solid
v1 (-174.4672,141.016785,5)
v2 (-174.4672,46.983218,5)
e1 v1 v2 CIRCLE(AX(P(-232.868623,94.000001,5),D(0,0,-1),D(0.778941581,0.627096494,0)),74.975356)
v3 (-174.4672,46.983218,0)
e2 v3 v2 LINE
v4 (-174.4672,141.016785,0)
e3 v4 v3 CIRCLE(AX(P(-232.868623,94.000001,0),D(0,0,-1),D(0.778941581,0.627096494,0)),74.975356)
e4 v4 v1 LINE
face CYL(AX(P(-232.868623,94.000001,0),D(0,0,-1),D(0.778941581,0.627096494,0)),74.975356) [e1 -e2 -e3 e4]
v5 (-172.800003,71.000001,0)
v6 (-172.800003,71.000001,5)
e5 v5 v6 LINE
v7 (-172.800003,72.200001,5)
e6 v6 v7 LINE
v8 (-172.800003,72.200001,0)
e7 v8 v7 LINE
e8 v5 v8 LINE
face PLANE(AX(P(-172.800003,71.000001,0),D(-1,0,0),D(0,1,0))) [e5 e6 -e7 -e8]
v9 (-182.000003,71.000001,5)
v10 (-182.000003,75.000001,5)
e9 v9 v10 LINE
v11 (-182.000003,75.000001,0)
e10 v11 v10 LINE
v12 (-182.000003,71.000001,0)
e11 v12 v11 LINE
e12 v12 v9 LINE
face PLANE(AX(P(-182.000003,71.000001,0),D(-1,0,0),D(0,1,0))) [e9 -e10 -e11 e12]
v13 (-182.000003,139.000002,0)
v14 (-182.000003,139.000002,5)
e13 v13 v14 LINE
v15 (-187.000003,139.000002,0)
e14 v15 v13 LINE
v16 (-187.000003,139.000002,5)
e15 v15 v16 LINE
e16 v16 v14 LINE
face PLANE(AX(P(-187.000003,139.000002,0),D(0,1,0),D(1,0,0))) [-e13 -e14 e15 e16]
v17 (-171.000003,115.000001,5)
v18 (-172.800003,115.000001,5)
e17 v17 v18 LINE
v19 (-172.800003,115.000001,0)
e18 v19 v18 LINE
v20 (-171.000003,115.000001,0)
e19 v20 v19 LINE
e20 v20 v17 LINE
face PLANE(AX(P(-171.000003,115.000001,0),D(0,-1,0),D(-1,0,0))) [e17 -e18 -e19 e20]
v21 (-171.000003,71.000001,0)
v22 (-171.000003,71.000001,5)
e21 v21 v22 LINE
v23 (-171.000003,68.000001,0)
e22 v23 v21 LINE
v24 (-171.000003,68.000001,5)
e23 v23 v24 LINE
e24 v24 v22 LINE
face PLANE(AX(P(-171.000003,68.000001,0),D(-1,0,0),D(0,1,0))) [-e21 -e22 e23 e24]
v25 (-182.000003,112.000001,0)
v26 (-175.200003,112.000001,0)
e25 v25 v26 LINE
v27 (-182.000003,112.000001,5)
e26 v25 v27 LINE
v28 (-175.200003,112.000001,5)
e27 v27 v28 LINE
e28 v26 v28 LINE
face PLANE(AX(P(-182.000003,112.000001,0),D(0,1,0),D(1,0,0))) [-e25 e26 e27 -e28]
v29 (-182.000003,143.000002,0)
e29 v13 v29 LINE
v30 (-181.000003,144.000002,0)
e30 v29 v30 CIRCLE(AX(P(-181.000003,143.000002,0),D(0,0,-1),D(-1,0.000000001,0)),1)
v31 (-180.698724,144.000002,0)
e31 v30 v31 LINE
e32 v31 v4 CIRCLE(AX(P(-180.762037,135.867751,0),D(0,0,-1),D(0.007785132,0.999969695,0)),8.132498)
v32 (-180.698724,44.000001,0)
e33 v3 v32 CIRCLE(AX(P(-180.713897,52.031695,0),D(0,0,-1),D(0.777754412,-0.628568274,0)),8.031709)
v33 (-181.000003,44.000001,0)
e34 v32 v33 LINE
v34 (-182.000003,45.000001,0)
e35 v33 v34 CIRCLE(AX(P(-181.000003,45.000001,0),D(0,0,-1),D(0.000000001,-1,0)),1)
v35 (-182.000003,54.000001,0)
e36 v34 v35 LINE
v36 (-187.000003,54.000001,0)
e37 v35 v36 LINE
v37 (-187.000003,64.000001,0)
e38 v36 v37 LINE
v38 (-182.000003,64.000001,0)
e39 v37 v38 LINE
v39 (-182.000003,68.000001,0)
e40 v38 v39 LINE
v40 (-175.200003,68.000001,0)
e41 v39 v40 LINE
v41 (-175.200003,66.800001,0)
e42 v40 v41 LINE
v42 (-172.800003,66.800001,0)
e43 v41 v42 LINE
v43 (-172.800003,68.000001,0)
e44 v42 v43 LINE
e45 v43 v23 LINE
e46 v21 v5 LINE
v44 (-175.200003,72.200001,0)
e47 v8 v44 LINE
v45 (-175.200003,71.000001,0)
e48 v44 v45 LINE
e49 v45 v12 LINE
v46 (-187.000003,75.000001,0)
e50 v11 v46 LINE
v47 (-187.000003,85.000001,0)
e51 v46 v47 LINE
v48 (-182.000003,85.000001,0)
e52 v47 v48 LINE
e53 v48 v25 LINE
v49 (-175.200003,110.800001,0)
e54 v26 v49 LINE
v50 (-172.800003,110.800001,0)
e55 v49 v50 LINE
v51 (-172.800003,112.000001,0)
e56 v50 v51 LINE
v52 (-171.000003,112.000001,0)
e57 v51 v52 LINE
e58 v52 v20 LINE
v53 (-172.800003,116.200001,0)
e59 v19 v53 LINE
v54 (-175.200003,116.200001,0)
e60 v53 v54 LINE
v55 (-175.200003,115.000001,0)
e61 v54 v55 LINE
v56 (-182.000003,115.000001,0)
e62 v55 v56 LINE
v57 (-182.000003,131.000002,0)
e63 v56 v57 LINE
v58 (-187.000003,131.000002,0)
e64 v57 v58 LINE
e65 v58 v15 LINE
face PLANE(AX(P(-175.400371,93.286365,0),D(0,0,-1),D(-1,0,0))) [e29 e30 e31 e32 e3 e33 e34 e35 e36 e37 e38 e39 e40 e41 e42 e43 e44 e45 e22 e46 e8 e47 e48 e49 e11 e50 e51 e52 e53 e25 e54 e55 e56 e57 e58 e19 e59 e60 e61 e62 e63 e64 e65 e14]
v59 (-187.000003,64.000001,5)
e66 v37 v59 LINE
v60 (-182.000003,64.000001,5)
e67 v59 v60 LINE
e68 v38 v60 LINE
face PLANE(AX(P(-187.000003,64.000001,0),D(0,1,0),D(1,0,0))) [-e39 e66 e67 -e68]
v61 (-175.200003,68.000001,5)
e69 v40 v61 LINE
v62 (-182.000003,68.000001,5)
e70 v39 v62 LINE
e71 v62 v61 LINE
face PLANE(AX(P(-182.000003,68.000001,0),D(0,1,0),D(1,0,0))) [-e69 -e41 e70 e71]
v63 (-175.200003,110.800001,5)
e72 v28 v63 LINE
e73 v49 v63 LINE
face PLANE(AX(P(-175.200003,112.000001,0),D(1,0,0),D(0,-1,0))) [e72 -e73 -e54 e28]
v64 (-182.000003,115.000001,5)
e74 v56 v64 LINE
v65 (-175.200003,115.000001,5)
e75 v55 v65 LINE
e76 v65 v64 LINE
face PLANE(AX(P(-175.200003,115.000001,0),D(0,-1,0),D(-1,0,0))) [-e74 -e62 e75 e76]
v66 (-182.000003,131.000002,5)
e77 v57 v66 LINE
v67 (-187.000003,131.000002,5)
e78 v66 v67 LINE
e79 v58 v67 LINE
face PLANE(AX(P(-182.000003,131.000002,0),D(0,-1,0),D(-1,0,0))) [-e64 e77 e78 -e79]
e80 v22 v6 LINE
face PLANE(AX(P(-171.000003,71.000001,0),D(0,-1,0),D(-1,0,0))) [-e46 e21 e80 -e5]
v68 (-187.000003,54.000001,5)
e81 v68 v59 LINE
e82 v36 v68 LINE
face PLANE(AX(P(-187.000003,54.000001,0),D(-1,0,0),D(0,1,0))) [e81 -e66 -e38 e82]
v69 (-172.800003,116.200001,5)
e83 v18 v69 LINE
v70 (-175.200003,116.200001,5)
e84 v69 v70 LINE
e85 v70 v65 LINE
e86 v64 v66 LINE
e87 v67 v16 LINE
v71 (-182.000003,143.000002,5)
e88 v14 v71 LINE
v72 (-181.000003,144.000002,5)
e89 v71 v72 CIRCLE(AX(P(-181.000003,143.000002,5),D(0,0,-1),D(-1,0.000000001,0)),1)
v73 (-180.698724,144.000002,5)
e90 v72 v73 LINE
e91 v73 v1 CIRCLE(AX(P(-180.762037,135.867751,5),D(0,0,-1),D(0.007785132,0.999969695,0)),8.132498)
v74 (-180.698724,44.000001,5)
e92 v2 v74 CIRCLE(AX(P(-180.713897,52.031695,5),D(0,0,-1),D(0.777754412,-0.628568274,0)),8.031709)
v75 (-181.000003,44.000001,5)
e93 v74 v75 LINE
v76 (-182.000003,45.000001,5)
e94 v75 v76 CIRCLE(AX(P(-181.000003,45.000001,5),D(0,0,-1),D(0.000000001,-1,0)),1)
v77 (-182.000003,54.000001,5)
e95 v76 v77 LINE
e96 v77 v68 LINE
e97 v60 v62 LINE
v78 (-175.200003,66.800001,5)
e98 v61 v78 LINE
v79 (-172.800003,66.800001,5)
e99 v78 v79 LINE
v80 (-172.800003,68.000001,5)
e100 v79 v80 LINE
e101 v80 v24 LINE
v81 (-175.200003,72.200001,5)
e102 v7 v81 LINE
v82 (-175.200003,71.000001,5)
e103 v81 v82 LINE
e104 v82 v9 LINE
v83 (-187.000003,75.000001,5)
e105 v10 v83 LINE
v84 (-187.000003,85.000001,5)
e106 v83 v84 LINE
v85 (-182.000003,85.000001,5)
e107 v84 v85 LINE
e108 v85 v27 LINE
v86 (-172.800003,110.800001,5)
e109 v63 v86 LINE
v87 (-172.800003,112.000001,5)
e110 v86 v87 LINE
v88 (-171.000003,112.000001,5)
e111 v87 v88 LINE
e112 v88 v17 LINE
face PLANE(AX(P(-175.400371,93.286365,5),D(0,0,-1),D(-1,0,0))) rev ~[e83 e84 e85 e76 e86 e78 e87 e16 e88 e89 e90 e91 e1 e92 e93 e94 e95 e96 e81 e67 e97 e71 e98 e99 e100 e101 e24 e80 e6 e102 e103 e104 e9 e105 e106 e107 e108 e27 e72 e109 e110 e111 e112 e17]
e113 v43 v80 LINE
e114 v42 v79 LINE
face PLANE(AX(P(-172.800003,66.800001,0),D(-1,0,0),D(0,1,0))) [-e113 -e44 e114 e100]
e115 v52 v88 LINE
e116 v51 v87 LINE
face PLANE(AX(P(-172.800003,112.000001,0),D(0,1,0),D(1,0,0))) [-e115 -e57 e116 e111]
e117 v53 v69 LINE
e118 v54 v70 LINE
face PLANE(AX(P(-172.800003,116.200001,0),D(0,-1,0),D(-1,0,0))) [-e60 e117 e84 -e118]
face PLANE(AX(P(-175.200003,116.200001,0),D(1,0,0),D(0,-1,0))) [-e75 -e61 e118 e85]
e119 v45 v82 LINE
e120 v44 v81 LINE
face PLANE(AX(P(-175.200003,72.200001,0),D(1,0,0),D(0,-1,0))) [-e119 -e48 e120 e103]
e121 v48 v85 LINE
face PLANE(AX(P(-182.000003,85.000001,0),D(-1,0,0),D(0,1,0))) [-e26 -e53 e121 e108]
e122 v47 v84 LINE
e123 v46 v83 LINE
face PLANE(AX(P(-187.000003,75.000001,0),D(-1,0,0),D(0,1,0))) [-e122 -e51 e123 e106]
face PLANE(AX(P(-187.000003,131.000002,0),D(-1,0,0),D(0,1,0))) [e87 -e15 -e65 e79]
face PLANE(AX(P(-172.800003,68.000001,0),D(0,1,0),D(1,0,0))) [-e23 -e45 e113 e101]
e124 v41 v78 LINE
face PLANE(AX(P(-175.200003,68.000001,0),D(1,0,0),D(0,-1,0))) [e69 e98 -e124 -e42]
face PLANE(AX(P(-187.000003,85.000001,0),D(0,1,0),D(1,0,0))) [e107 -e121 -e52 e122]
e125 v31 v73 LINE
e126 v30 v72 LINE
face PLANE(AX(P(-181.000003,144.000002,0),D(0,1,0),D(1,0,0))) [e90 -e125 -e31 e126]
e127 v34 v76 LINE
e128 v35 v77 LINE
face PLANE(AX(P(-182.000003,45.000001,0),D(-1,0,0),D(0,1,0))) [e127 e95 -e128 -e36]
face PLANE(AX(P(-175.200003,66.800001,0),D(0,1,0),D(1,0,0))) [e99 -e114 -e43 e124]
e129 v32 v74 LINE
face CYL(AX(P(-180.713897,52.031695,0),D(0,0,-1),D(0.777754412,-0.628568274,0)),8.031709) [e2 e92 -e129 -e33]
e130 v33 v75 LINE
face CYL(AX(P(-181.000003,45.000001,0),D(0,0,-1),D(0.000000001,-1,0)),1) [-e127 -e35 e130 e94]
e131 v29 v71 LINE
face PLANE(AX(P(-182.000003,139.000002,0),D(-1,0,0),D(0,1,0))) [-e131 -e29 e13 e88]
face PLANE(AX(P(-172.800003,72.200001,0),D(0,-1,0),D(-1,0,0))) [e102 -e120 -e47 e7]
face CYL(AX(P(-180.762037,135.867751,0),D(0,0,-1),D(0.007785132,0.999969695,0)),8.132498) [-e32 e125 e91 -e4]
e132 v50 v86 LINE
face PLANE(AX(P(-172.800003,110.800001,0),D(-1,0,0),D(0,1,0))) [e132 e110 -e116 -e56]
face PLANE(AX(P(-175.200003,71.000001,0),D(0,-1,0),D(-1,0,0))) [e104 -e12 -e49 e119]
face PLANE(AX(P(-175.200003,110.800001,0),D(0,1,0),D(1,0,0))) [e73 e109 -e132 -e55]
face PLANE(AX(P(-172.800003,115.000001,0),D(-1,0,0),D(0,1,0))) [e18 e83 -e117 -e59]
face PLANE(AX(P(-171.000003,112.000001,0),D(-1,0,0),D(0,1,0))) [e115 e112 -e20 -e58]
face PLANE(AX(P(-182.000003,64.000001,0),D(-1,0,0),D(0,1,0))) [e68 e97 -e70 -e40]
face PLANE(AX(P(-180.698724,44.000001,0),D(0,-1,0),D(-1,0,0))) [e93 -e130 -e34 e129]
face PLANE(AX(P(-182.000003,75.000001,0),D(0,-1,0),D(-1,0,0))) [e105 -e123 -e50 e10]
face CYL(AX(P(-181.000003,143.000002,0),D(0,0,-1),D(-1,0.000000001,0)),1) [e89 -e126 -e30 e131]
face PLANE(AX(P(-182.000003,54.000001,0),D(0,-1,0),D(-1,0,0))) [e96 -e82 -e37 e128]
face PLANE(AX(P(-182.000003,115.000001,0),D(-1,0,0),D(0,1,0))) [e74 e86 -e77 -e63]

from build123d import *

# Parameters (mm, degrees)
RESSALTO_EXTRUS_O1_DEPTH = 5


with BuildPart() as part:
    # Model → Ressalto-extrusão1 (new body)
    with BuildSketch(Plane.XY):
        with BuildLine():
            Line((-182.000002727, 45.000001207), (-182.000002727, 54.000000805))
            Line((-182.000002727, 54.000000805), (-187.000002816, 54.000000805))
            Line((-187.000002816, 54.000000805), (-187.000002816, 64.000000954))
            Line((-187.000002816, 64.000000954), (-182.000002727, 64.000000954))
            Line((-182.000002727, 64.000000954), (-182.000002727, 68.000001045))
            Line((-182.000002727, 68.000001045), (-175.200002727, 68.000001045))
            Line((-175.200002727, 68.000001045), (-175.200002727, 66.800001045))
            Line((-175.200002727, 66.800001045), (-172.800002727, 66.800001045))
            Line((-172.800002727, 66.800001045), (-172.800002727, 68.000001045))
            Line((-172.800002727, 68.000001045), (-171.000002727, 68.000001045))
            Line((-171.000002727, 68.000001045), (-171.000002727, 71.000001026))
            Line((-171.000002727, 71.000001026), (-172.800002727, 71.000001026))
            Line((-172.800002727, 71.000001026), (-172.800002727, 72.200001026))
            Line((-172.800002727, 72.200001026), (-175.200002727, 72.200001026))
            Line((-175.200002727, 72.200001026), (-175.200002727, 71.000001026))
            Line((-175.200002727, 71.000001026), (-182.000002727, 71.000001026))
            Line((-182.000002727, 71.000001026), (-182.000002727, 75.000001118))
            Line((-182.000002727, 75.000001118), (-187.000002816, 75.000001118))
            Line((-187.000002816, 75.000001118), (-187.000002816, 85.000001267))
            Line((-187.000002816, 85.000001267), (-182.000002727, 85.000001267))
            Line((-182.000002727, 85.000001267), (-182.000002727, 112.000001058))
            Line((-182.000002727, 112.000001058), (-175.200002727, 112.000001058))
            Line((-175.200002727, 112.000001058), (-175.200002727, 110.800001058))
            Line((-175.200002727, 110.800001058), (-172.800002727, 110.800001058))
            Line((-172.800002727, 110.800001058), (-172.800002727, 112.000001058))
            Line((-172.800002727, 112.000001058), (-171.000002727, 112.000001058))
            Line((-171.000002727, 112.000001058), (-171.000002727, 115.00000104))
            Line((-171.000002727, 115.00000104), (-172.800002727, 115.00000104))
            Line((-172.800002727, 115.00000104), (-172.800002727, 116.20000104))
            Line((-172.800002727, 116.20000104), (-175.200002727, 116.20000104))
            Line((-175.200002727, 116.20000104), (-175.200002727, 115.00000104))
            Line((-175.200002727, 115.00000104), (-182.000002727, 115.00000104))
            Line((-182.000002727, 115.00000104), (-182.000002727, 131.000001952))
            Line((-182.000002727, 131.000001952), (-187.000002816, 131.000001952))
            Line((-187.000002816, 131.000001952), (-187.000002816, 139.000002071))
            Line((-187.000002816, 139.000002071), (-182.000002727, 139.000002071))
            Line((-182.000002727, 139.000002071), (-182.000002727, 143.000002162))
            ThreePointArc((-182.000002727, 143.000002162), (-181.707109508, 143.707108943), (-181.000002727, 144.000002162))
            Line((-181.000002727, 144.000002162), (-180.698724383, 144.000002162))
            ThreePointArc((-180.698724383, 144.000002162), (-177.250425834, 143.20301546), (-174.467200153, 141.016784571))
            ThreePointArc((-174.467200153, 141.016784571), (-157.893266413, 94.000001418), (-174.467200151, 46.983218264))
            ThreePointArc((-174.467200151, 46.983218264), (-177.245806987, 44.787339393), (-180.698724383, 44.000001207))
            Line((-180.698724383, 44.000001207), (-181.000002727, 44.000001207))
            ThreePointArc((-181.000002727, 44.000001207), (-181.707109508, 44.292894425), (-182.000002727, 45.000001207))
        make_face()
    extrude(amount=RESSALTO_EXTRUS_O1_DEPTH)


solid = part.part
